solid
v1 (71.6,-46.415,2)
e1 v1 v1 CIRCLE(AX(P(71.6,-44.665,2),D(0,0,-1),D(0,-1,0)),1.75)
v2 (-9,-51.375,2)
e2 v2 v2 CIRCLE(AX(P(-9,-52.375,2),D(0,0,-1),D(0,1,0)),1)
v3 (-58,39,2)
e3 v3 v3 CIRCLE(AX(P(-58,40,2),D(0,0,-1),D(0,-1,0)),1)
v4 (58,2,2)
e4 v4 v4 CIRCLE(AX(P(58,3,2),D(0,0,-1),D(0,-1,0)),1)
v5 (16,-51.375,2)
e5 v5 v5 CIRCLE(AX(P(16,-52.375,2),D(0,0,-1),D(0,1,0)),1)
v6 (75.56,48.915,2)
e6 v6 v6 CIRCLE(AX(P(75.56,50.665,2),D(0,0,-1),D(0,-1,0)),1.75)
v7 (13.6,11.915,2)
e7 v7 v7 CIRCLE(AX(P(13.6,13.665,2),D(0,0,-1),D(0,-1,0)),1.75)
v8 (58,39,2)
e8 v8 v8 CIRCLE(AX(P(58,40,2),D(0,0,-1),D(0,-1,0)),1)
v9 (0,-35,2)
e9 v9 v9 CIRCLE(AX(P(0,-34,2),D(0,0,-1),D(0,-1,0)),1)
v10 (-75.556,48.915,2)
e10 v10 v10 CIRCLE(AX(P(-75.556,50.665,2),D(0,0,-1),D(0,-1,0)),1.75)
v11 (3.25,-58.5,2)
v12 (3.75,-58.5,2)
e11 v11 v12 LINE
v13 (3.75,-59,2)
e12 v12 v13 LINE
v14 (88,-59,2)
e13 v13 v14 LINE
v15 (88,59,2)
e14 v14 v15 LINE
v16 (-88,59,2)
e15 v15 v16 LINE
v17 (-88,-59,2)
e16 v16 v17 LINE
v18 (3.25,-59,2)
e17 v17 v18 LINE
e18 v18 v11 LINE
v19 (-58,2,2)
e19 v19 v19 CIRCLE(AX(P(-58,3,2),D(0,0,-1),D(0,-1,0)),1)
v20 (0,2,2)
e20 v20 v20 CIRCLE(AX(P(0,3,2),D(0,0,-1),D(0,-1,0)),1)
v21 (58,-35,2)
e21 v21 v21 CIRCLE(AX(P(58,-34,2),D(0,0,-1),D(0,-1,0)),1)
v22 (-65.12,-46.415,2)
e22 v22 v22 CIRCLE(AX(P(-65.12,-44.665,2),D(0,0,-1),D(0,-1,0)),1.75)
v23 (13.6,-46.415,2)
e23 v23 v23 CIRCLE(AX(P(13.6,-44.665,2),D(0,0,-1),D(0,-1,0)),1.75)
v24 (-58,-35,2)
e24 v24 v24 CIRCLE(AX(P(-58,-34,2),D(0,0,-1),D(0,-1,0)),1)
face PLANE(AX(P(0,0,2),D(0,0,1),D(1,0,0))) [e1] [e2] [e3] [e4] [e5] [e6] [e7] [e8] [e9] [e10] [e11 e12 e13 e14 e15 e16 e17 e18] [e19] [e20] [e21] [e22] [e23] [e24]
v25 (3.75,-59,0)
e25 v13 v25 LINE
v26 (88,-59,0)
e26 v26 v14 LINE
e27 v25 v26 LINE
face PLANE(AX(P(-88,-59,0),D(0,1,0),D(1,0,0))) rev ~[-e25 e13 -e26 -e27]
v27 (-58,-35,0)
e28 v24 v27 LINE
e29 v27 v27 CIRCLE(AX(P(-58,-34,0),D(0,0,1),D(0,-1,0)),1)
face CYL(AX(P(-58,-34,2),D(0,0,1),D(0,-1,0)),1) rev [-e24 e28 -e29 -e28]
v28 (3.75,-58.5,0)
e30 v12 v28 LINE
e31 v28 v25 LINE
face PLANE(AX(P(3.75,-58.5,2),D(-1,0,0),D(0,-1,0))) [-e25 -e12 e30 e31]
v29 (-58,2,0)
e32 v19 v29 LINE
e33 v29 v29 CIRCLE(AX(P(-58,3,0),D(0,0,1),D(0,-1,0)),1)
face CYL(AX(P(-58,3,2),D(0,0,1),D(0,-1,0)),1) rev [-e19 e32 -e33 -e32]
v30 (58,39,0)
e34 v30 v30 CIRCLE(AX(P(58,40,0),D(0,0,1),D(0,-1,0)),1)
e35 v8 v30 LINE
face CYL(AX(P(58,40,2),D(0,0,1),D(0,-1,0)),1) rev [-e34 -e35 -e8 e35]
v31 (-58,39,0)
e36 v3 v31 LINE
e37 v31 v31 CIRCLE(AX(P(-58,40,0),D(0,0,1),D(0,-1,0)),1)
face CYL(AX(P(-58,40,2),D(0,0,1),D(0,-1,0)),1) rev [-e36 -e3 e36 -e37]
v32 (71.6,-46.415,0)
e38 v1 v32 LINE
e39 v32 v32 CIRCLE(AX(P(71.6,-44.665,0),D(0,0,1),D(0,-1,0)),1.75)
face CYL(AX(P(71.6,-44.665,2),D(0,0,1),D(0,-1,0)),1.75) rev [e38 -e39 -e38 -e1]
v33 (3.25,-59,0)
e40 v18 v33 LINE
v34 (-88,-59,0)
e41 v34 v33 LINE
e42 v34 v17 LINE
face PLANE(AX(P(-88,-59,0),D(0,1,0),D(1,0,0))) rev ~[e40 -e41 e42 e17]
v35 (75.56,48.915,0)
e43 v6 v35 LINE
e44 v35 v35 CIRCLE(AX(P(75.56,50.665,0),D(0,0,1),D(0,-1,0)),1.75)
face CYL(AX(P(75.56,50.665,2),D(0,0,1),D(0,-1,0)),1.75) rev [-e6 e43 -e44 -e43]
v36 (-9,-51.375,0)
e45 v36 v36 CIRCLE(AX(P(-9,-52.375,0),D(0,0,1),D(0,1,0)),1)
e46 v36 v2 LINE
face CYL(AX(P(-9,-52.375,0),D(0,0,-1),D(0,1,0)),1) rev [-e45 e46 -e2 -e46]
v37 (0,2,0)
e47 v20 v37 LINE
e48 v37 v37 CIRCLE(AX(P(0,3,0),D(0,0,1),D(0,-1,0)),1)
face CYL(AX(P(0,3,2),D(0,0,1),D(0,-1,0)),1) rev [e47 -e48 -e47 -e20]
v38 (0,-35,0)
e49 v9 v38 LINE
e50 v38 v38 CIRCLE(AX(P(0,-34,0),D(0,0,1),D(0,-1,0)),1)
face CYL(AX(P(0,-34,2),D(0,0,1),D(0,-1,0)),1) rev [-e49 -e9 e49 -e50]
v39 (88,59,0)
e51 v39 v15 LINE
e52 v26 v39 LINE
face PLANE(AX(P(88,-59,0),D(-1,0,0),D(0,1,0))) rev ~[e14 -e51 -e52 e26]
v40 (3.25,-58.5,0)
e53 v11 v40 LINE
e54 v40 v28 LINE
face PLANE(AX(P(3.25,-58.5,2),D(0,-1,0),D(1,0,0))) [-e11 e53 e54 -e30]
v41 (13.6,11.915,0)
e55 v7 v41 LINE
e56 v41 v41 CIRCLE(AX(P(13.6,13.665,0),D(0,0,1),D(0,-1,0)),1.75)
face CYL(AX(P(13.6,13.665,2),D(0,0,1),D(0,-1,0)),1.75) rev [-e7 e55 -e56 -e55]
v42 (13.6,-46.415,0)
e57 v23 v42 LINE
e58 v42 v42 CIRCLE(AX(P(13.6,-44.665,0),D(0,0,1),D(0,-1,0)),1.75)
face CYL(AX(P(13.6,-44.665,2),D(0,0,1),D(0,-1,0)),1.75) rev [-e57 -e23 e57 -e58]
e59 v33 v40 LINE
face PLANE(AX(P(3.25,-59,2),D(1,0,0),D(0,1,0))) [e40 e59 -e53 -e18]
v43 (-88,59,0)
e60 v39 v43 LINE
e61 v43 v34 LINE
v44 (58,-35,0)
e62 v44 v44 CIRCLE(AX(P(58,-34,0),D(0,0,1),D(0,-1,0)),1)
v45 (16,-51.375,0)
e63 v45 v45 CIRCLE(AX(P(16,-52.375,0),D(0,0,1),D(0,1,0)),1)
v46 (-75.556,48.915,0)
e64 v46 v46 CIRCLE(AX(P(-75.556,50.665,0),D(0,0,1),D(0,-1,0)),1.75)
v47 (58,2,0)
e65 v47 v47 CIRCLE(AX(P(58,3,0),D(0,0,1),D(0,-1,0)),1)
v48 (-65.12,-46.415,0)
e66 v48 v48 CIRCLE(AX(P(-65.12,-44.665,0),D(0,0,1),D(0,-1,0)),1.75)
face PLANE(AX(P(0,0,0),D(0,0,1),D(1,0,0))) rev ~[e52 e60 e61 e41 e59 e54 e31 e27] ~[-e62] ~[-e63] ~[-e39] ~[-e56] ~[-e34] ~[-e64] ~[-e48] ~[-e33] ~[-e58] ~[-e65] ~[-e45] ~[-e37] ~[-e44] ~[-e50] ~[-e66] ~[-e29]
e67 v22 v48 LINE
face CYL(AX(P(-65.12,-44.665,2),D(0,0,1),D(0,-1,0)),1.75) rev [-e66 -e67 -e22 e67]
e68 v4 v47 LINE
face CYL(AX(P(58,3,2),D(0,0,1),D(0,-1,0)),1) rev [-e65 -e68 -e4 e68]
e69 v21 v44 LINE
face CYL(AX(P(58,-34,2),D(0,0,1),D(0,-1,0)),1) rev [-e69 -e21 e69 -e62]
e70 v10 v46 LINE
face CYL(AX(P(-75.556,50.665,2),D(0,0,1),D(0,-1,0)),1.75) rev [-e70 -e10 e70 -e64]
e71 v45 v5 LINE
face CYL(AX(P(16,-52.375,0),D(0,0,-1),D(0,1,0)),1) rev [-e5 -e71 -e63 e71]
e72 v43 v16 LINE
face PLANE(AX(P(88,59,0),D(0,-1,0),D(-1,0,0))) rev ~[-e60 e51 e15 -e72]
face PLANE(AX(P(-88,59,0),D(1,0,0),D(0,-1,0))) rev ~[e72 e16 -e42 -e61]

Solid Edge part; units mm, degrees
sketch "Sketch1" plane through (0, 0, 0) normal (0, 0, 1) x (1, 0, 0)
  line L0 (-88, -59) -> (88, -59)
  line L1 (88, -59) -> (88, 59)
  line L2 (88, 59) -> (-88, 59)
  line L3 (-88, 59) -> (-88, -59)
  dimension "D1" = 118
  dimension "D2" = 176
extrude "Protrusion1" add sketch "Sketch1" along normal blind 2
hole "Hole1" at (-9, -52.375, 0) direction (0, 0, 1) diameter 2 end up to next
hole "Hole2" at (16, -52.375, 0) direction (0, 0, 1) diameter 2 end up to next
hole "Hole3" at (0, 3, 2) direction (0, 0, -1) diameter 2 end through all
hole "Hole4" at (58, 3, 2) direction (0, 0, -1) diameter 2 end through all
hole "Hole5" at (58, -34, 2) direction (0, 0, -1) diameter 2 end through all
hole "Hole6" at (0, -34, 2) direction (0, 0, -1) diameter 2 end through all
hole "Hole7" at (-58, -34, 2) direction (0, 0, -1) diameter 2 end through all
hole "Hole8" at (-58, 3, 2) direction (0, 0, -1) diameter 2 end through all
hole "Hole9" at (-58, 40, 2) direction (0, 0, -1) diameter 2 end through all
hole "Hole10" at (58, 40, 2) direction (0, 0, -1) diameter 2 end through all
sketch "Sketch2" plane through (0, 0, 2) normal (0, 0, 1) x (1, 0, 0)
  line L0 (3.25, -59) -> (3.75, -59)
  line L1 (3.75, -58.5) -> (3.75, -59)
  line L2 (3.25, -58.5) -> (3.75, -58.5)
  line L3 (3.25, -59) -> (3.25, -58.5)
  dimension "D1" = 0.5
extrude "Cutout1" cut sketch "Sketch2" against normal through all
hole "Hole11" at (13.6, 13.665, 2) direction (0, 0, -1) diameter 3.5 end through all
hole "Hole12" at (-65.12, -44.665, 2) direction (0, 0, -1) diameter 3.5 end through all
hole "Hole13" at (13.6, -44.665, 2) direction (0, 0, -1) diameter 3.5 end through all
hole "Hole14" at (75.56, 50.665, 2) direction (0, 0, -1) diameter 3.5 end through all
hole "Hole15" at (71.6, -44.665, 2) direction (0, 0, -1) diameter 3.5 end through all
hole "Hole16" at (-75.556, 50.665, 2) direction (0, 0, -1) diameter 3.5 end through all
